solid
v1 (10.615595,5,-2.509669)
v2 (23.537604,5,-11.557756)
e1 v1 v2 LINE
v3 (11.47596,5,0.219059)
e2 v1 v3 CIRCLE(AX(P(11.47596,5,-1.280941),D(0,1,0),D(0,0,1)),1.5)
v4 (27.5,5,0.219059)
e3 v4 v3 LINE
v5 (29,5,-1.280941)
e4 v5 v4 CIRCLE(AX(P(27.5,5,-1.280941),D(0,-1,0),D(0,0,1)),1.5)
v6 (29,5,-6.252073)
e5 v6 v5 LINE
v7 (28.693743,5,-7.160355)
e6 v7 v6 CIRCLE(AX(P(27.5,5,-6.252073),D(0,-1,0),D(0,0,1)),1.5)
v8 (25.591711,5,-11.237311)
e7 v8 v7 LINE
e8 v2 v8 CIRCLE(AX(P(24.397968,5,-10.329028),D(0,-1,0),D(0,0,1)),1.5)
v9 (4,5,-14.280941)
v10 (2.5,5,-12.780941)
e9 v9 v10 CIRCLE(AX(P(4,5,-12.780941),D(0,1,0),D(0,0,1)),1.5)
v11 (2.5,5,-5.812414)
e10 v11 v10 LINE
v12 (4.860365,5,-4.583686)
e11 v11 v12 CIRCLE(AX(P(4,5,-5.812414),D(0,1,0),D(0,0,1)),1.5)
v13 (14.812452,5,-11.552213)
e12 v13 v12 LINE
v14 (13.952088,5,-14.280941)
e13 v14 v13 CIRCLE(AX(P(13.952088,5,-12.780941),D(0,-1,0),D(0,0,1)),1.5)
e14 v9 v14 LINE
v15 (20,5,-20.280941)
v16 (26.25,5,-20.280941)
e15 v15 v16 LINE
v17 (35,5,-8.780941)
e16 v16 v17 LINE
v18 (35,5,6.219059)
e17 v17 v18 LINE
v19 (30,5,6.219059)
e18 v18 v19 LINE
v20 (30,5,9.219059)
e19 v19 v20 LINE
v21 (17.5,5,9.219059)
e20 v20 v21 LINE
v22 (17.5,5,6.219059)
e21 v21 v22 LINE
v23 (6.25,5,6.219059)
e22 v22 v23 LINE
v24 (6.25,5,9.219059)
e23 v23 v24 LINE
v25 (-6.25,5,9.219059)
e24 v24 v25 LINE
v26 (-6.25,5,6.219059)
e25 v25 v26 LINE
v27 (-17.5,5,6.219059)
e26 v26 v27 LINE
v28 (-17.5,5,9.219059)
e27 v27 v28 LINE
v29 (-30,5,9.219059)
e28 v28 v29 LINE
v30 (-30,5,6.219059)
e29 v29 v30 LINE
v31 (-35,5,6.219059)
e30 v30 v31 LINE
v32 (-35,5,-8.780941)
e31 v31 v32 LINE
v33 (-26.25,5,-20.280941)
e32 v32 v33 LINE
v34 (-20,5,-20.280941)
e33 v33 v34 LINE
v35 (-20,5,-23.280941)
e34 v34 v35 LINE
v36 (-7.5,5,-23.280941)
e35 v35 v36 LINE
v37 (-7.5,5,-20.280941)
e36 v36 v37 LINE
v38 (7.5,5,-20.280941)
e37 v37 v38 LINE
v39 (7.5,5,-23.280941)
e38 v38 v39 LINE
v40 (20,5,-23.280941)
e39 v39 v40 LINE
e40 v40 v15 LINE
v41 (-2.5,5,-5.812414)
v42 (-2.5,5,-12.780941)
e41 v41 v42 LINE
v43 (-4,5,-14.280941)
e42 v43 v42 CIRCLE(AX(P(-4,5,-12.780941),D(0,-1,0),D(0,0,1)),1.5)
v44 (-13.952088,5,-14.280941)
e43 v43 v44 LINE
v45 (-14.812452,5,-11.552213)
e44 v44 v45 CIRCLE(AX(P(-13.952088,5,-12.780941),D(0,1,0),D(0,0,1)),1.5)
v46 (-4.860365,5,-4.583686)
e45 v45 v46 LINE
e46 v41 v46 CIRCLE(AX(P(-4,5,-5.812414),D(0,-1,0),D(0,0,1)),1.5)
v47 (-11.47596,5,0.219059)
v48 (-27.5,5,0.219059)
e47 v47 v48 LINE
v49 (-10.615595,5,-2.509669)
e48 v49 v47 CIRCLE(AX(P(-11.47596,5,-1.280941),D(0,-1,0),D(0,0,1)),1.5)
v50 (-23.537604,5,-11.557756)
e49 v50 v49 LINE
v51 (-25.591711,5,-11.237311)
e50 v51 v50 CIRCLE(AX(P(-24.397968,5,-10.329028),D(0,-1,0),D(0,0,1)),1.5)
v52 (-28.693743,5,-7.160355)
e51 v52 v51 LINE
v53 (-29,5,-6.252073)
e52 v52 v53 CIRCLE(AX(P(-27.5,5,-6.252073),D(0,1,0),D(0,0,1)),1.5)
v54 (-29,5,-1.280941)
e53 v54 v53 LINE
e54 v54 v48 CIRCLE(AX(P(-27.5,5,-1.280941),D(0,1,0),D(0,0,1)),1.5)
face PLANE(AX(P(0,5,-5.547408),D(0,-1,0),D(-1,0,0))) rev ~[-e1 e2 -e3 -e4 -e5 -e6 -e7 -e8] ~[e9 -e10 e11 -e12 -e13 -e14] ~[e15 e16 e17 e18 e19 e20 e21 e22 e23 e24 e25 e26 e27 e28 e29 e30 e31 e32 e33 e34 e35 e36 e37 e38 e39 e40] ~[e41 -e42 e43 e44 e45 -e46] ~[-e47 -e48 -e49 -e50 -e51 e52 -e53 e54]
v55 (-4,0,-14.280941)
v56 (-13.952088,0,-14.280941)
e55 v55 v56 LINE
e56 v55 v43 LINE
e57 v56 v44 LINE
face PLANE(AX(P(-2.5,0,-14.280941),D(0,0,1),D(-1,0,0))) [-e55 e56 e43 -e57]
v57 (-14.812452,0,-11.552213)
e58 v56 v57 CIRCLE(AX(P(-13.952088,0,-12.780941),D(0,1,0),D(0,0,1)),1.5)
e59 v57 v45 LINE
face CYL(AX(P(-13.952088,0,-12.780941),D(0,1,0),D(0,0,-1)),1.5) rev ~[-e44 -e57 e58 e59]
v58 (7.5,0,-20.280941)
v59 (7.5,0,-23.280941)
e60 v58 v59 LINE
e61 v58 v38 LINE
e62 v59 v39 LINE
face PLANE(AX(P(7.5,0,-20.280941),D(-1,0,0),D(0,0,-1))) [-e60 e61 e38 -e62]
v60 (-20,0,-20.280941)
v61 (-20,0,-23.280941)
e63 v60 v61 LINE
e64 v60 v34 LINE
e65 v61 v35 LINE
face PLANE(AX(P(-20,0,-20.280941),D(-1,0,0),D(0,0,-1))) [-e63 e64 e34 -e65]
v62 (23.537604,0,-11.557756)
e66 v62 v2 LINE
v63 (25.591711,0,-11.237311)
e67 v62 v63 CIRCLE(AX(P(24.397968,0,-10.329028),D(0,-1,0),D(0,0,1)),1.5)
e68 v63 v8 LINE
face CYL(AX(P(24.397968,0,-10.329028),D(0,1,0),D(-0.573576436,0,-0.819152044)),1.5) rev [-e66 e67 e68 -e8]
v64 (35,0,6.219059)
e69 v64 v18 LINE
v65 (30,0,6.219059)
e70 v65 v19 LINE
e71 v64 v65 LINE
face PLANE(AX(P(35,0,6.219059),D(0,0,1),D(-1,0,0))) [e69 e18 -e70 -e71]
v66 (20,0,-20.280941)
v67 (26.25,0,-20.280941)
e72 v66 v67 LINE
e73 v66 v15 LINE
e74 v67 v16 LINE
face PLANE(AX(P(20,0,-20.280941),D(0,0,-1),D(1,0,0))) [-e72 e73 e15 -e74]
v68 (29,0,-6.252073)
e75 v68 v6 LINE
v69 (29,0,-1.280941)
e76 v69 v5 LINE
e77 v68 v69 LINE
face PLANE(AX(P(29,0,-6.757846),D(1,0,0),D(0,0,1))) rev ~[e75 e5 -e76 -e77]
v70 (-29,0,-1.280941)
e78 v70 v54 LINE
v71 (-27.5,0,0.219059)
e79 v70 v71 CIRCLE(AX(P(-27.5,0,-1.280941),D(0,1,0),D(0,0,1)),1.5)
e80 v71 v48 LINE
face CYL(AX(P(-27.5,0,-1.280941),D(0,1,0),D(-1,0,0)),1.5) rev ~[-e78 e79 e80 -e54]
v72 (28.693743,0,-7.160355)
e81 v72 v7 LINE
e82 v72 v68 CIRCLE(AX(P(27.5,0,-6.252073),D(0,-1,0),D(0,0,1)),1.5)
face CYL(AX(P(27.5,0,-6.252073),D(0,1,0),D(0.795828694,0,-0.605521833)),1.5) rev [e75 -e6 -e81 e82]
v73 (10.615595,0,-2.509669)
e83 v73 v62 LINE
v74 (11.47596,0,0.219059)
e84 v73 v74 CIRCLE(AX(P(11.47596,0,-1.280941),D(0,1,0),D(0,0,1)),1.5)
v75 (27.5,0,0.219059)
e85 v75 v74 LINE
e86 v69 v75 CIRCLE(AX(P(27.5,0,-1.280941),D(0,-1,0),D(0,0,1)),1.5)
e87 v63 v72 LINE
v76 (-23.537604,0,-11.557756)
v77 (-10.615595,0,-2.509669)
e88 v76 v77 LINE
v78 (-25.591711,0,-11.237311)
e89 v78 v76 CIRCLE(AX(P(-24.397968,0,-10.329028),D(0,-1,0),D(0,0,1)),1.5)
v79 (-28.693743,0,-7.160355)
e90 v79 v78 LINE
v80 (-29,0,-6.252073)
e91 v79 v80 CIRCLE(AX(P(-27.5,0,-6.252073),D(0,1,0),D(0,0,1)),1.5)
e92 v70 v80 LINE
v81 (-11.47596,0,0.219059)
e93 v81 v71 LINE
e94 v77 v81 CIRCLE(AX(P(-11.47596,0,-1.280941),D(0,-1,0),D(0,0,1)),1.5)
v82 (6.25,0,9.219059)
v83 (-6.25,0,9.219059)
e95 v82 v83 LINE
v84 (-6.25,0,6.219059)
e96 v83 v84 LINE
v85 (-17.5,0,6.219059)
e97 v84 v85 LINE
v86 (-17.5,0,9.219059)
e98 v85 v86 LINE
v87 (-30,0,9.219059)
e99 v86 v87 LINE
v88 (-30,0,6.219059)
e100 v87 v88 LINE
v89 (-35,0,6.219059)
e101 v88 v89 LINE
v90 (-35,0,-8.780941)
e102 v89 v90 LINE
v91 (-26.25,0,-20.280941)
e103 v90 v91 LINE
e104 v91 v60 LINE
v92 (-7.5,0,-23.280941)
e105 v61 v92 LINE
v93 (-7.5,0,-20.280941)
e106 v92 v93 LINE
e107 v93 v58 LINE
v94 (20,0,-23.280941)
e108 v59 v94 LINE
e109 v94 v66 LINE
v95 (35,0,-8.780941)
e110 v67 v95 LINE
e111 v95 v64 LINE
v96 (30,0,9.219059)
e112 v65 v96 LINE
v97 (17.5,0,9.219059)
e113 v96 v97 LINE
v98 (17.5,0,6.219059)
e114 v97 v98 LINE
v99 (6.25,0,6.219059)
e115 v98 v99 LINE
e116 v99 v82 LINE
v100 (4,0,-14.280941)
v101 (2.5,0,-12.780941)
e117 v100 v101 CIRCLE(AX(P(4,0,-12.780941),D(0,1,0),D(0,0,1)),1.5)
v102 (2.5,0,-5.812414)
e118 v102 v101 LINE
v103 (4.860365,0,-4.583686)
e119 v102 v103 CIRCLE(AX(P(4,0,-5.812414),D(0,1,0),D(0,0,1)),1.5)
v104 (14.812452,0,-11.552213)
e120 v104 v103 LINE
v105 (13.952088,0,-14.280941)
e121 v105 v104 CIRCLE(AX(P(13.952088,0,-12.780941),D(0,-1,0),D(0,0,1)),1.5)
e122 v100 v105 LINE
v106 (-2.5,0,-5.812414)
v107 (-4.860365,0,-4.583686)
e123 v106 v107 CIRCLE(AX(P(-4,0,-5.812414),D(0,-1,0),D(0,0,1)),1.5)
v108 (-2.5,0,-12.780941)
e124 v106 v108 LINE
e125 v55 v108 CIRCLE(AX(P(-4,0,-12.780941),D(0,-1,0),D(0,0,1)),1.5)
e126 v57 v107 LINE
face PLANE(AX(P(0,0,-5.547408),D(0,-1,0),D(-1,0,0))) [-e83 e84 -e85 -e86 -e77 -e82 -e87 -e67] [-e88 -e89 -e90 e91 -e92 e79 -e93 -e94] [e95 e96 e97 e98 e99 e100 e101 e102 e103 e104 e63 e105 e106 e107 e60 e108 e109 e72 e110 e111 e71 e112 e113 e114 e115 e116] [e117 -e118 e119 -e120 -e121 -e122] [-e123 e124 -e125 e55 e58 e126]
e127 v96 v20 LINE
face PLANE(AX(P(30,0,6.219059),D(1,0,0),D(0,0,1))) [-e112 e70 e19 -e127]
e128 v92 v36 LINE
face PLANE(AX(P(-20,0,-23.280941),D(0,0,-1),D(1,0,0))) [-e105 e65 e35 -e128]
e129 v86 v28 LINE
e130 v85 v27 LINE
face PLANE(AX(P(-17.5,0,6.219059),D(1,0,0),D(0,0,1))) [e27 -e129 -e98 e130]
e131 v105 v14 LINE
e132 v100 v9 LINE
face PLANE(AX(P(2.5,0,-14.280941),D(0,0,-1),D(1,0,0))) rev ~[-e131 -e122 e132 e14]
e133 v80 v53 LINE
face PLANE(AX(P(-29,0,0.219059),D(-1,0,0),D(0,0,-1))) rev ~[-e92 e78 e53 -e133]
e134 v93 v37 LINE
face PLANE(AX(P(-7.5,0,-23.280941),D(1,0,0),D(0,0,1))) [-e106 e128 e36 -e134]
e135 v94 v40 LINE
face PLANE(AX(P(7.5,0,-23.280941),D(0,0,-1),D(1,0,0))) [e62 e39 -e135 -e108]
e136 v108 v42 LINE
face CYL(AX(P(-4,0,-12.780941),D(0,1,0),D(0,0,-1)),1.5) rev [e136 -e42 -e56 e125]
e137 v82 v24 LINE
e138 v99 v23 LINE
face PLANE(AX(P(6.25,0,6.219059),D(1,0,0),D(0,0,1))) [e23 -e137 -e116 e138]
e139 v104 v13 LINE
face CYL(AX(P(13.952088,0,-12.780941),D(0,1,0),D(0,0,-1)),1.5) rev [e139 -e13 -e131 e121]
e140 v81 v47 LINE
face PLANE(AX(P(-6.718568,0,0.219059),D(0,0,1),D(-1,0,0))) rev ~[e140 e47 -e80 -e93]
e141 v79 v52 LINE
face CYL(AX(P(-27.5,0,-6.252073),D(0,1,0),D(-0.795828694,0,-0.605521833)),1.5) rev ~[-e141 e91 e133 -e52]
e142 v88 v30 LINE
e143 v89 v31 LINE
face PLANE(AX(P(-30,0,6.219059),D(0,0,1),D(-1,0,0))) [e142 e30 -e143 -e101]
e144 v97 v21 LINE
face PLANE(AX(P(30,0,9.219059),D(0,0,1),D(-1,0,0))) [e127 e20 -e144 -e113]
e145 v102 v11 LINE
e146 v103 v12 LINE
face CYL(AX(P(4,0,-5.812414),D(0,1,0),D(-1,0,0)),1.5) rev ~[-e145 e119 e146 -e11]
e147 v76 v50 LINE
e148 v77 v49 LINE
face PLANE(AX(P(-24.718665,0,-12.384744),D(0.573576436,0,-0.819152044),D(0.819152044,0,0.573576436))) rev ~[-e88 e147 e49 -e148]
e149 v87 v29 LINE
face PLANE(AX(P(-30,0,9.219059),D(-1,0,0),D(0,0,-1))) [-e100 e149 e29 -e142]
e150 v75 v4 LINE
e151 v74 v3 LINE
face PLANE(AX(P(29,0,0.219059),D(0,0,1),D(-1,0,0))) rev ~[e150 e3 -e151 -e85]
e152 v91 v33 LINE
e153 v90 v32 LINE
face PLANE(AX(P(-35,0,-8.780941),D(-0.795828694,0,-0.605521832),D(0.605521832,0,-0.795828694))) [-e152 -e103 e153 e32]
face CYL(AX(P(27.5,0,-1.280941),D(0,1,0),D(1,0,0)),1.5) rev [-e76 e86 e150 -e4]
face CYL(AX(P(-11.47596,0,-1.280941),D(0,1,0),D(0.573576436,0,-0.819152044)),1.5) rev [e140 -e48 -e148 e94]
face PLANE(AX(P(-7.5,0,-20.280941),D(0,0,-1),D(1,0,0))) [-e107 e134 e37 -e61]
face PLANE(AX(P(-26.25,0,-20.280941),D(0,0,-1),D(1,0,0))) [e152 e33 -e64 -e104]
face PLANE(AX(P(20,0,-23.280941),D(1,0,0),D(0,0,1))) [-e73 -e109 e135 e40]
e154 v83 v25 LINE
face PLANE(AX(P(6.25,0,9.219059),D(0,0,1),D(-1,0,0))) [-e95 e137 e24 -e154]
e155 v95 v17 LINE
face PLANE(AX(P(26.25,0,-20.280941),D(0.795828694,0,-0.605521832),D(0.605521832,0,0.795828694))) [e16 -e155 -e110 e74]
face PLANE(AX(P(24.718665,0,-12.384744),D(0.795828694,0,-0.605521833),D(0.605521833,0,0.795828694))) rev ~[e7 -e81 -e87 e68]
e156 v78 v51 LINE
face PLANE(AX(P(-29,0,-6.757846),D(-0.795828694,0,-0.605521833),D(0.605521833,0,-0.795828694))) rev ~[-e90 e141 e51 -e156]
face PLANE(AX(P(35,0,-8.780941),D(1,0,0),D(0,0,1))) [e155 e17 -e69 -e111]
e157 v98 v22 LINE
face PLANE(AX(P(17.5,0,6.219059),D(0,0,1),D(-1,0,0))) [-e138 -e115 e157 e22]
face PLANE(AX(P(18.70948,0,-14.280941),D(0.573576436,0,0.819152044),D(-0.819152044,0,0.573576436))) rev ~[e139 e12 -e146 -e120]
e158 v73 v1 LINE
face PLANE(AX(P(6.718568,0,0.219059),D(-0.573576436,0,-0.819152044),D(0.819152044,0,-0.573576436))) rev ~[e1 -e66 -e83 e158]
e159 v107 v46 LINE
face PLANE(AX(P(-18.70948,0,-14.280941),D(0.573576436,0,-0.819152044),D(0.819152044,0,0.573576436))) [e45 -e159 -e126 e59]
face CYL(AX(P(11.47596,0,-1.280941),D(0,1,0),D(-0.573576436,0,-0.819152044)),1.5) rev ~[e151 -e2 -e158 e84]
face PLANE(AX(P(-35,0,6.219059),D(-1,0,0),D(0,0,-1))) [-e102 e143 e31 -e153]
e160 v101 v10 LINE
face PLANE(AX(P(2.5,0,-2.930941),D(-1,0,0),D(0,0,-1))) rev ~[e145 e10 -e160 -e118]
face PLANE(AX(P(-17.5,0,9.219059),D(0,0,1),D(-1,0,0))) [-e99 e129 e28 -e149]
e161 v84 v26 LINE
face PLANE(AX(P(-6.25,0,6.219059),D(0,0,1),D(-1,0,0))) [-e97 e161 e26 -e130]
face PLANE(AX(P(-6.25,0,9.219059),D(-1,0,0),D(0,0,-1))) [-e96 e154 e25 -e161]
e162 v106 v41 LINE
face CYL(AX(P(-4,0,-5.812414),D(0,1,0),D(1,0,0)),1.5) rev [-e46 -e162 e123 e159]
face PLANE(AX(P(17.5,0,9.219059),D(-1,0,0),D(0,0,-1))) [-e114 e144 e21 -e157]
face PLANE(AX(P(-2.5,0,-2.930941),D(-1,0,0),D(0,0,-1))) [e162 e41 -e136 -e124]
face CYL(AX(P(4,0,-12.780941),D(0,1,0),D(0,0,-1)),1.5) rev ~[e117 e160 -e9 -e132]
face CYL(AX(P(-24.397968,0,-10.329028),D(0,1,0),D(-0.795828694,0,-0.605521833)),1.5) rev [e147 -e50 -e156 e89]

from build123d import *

# Parameters (mm, degrees)
EXTRUDE_1_DEPTH = 5
FILLET_1_R      = 1.5


with BuildPart() as part:
    # 草图1 → 凸台-拉伸1 (new body)
    with BuildSketch(Plane(origin=(0, 0, 0), x_dir=(1, 0, 0), z_dir=(0, 1, 0))):
        Polygon((6.25, -9.219059406), (-6.25, -9.219059406), (-6.25, -6.219059406), (-17.5, -6.219059406), (-17.5, -9.219059406), (-30, -9.219059406), (-30, -6.219059406), (-35, -6.219059406), (-35, 8.780940594), (-26.25, 20.280940594), (-20, 20.280940594), (-20, 23.280940594), (-7.5, 23.280940594), (-7.5, 20.280940594), (7.5, 20.280940594), (7.5, 23.280940594), (20, 23.280940594), (20, 20.280940594), (26.25, 20.280940594), (35, 8.780940594), (35, -6.219059406), (30, -6.219059406), (30, -9.219059406), (17.5, -9.219059406), (17.5, -6.219059406), (6.25, -6.219059406), align=None)
        Polygon((-29, 6.757846183), (-24.718664622, 12.384744108), (-6.718567757, -0.219059406), (-29, -0.219059406), align=None, mode=Mode.SUBTRACT)
        Polygon((-18.709479877, 14.280940594), (-2.5, 2.930940594), (-2.5, 14.280940594), align=None, mode=Mode.SUBTRACT)
        Polygon((2.5, 14.280940594), (18.709479877, 14.280940594), (2.5, 2.930940594), align=None, mode=Mode.SUBTRACT)
        Polygon((6.718567757, -0.219059406), (24.718664622, 12.384744108), (29, 6.757846183), (29, -0.219059406), align=None, mode=Mode.SUBTRACT)
    extrude(amount=EXTRUDE_1_DEPTH)

    # 圆角1
    fillet_1_edges = [part.edges().sort_by_distance(p)[0] for p in [
        (29, 2.5, 0.219059406),
        (29, 2.5, -6.757846183),
        (24.718664622, 2.5, -12.384744108),
        (-2.5, 2.5, -14.280940594),
        (-18.709479877, 2.5, -14.280940594),
        (-2.5, 2.5, -2.930940594),
        (-6.718567757, 2.5, 0.219059406),
        (-24.718664622, 2.5, -12.384744108),
        (-29, 2.5, -6.757846183),
        (-29, 2.5, 0.219059406),
        (2.5, 2.5, -14.280940594),
        (2.5, 2.5, -2.930940594),
        (18.709479877, 2.5, -14.280940594),
        (6.718567757, 2.5, 0.219059406),
    ]]
    fillet(fillet_1_edges, radius=FILLET_1_R)


solid = part.part
